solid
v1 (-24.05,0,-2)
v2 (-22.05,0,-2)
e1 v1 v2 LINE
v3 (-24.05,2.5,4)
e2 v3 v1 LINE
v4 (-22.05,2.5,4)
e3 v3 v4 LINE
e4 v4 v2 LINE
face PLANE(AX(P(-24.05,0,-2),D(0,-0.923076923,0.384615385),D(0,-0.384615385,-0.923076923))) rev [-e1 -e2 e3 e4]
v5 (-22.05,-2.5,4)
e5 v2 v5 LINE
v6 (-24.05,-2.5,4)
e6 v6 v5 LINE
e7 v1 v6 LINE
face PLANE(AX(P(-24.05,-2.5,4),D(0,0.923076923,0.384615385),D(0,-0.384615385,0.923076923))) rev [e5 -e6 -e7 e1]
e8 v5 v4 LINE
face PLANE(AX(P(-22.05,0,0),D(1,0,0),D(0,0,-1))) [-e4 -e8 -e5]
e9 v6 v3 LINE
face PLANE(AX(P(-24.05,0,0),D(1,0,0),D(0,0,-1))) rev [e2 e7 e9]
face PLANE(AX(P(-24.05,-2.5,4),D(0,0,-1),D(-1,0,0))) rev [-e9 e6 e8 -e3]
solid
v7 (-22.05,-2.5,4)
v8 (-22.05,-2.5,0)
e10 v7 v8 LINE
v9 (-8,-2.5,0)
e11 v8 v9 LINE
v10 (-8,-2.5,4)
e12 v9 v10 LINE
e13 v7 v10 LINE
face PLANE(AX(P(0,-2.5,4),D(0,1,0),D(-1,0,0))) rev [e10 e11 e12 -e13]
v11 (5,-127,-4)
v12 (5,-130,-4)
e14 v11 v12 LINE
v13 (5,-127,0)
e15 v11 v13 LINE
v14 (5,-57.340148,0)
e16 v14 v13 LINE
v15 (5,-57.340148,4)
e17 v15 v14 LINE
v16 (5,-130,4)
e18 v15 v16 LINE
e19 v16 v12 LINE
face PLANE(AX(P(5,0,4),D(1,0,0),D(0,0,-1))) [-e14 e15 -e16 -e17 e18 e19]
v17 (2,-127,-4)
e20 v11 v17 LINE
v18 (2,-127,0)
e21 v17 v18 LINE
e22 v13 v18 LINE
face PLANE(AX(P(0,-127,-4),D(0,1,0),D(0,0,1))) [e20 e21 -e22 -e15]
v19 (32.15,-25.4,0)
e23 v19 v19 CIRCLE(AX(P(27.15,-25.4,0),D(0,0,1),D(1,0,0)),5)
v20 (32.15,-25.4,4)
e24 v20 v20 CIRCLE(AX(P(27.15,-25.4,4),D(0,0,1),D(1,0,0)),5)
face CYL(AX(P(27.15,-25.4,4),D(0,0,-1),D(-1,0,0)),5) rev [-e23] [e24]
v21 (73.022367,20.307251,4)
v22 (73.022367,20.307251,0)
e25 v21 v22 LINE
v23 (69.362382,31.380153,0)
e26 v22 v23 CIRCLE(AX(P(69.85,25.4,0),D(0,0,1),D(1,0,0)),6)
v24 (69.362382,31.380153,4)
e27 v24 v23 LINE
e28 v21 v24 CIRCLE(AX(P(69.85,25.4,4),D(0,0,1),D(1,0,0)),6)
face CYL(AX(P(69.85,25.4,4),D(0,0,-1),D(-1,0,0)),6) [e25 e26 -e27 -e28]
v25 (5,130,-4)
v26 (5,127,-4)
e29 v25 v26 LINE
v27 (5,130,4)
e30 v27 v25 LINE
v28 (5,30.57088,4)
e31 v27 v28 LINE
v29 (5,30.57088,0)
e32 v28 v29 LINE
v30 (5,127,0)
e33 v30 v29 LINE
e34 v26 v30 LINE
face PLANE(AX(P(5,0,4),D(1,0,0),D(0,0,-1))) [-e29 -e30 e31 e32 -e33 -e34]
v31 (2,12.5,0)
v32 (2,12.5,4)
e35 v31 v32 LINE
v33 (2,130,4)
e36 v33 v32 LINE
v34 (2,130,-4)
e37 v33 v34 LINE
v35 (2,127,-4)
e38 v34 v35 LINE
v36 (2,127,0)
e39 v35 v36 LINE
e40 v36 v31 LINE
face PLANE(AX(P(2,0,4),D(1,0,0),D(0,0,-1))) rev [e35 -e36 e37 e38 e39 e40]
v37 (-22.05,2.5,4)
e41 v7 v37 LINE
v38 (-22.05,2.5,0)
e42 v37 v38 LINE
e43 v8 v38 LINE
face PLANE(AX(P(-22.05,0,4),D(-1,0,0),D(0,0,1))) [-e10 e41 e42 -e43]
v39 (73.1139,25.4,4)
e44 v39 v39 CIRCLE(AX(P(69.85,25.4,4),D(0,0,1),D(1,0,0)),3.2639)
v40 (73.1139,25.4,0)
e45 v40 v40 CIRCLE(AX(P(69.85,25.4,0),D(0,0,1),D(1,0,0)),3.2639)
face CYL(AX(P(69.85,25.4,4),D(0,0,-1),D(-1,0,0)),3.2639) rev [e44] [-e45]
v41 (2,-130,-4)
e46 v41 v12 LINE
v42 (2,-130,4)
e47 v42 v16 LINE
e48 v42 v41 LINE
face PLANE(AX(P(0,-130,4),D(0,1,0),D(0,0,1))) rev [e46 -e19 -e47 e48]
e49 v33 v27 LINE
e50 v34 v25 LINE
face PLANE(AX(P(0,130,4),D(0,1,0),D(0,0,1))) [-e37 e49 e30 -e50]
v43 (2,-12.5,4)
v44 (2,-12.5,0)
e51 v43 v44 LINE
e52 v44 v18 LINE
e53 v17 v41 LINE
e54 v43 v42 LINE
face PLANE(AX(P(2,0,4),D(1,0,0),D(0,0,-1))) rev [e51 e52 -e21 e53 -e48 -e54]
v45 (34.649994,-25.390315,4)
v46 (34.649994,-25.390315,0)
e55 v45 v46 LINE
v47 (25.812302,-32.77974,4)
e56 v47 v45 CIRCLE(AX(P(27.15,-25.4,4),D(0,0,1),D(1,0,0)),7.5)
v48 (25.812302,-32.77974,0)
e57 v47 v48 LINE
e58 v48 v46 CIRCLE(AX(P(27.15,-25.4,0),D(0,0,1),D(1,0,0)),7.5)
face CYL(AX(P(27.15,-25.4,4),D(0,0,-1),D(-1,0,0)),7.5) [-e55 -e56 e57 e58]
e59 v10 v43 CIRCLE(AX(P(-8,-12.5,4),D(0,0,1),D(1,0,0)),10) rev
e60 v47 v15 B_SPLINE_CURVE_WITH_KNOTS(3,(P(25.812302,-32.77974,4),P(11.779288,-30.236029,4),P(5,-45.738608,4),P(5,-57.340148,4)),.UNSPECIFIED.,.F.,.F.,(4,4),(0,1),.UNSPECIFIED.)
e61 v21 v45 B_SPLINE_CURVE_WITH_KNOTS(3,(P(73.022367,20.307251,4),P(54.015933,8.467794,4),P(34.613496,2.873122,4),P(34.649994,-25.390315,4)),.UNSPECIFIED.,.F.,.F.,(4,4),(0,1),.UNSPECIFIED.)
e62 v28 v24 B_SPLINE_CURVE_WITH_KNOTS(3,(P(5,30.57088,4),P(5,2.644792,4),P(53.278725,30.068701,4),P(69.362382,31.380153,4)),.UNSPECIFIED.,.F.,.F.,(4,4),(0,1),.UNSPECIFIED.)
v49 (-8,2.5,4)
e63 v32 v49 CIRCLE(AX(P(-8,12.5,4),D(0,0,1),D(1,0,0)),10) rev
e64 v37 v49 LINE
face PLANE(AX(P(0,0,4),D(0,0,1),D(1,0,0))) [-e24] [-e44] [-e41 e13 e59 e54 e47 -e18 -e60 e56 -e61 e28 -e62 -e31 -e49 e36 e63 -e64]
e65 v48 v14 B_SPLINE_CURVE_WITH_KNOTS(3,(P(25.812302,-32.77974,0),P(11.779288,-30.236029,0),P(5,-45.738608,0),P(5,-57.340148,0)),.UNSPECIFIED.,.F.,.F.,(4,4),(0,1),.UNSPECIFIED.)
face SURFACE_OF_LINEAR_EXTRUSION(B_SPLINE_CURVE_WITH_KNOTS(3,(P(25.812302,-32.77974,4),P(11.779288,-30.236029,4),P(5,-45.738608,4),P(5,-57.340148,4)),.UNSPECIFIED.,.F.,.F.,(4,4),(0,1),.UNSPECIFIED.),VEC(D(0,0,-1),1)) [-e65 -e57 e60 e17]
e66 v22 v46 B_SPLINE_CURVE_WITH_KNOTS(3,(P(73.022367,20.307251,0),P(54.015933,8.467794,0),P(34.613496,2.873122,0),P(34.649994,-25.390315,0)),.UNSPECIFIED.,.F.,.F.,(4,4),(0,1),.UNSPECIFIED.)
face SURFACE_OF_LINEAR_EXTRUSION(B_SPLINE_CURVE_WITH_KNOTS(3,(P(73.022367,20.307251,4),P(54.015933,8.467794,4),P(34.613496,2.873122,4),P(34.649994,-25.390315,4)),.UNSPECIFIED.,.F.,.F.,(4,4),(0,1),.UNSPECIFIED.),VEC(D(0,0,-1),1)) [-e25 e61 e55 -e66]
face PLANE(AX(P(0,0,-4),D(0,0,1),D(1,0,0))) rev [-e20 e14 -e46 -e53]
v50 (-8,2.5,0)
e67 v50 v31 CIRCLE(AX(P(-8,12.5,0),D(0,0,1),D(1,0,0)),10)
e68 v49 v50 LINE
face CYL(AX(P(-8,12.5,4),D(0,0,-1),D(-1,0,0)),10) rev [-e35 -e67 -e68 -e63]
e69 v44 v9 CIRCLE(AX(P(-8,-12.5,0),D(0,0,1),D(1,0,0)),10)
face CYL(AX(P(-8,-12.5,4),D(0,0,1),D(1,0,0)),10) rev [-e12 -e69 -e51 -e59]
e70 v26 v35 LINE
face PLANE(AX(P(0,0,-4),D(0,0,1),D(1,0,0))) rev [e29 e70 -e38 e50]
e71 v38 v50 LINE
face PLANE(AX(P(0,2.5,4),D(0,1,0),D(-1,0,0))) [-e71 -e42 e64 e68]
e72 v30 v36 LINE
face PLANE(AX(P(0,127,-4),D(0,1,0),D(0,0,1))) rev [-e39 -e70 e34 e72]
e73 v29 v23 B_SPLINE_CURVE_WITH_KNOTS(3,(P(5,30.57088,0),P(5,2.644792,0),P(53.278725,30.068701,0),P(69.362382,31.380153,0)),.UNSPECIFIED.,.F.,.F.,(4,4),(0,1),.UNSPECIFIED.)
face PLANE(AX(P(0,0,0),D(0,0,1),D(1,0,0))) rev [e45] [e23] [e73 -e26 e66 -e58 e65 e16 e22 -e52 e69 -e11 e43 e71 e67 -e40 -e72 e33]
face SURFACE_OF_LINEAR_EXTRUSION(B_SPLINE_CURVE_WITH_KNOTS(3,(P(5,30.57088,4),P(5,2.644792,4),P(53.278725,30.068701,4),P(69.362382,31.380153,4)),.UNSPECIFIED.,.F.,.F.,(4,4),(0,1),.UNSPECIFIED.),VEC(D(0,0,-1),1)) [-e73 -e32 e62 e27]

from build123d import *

# Parameters (mm, degrees)
MAIN_FEATURES_SKETCH_R   = 3.2639
MAIN_FEATURES_SKETCH_R_2 = 5
MAIN_BODY_DEPTH          = 4
SKETCH1_3_W              = 3
SKETCH1_3_H              = 3
ALIGNMENT_TABS_DEPTH     = 4
ARROW_DEPTH              = 2
FILLET1_R                = 10


with BuildPart() as part:
    # main_features_sketch → main_body (new body)
    with BuildSketch(Plane.XY):
        with BuildLine():
            Line((5, -130), (5, -57.340148315))
            add(Edge.make_bspline(
                [(25.812302368, -32.779740175), (11.779287511, -30.236028568), (5, -45.738607792), (5, -57.340148315)],
                knots=[0, 0, 0, 0, 1, 1, 1, 1], degree=3))
            ThreePointArc((25.812302368, -32.779740175), (31.960860099, -31.153748787), (34.649993747, -25.390314881))
            add(Edge.make_bspline(
                [(73.022366869, 20.307251386), (54.015932593, 8.467793569), (34.613495749, 2.873121555), (34.649993747, -25.390314881)],
                knots=[0, 0, 0, 0, 1, 1, 1, 1], degree=3))
            ThreePointArc((73.022366869, 20.307251386), (75.546863703, 27.283014592), (69.36238197, 31.380152896))
            add(Edge.make_bspline(
                [(5, 30.570880007), (5, 2.644791948), (53.27872464, 30.068701259), (69.36238197, 31.380152896)],
                knots=[0, 0, 0, 0, 1, 1, 1, 1], degree=3))
            Line((5, 30.570880007), (5, 130))
            Line((5, 130), (2, 130))
            Line((2, 130), (2, 2.5))
            Line((2, 2.5), (-22.05, 2.5))
            Line((-22.05, 2.5), (-22.05, -2.5))
            Line((-22.05, -2.5), (2, -2.5))
            Line((2, -2.5), (2, -130))
            Line((2, -130), (5, -130))
        make_face()
        with Locations((69.85, 25.4)):
            Circle(MAIN_FEATURES_SKETCH_R, mode=Mode.SUBTRACT)
        with Locations((27.15, -25.4)):
            Circle(MAIN_FEATURES_SKETCH_R_2, mode=Mode.SUBTRACT)
    extrude(amount=MAIN_BODY_DEPTH)

    # Sketch1<3> → alignment_tabs (add)
    with BuildSketch(Plane.XY):
        with Locations((3.5, -128.5)):
            Rectangle(SKETCH1_3_W, SKETCH1_3_H)
        with Locations((3.5, 128.5)):
            Rectangle(SKETCH1_3_W, SKETCH1_3_H)
    extrude(amount=-ALIGNMENT_TABS_DEPTH)

    # Fillet1
    fillet1_edges = [part.edges().sort_by_distance(p)[0] for p in [
        (2, -2.5, 2),
        (2, 2.5, 2),
    ]]
    fillet(fillet1_edges, radius=FILLET1_R)


with BuildPart() as body_2:
    # arrow_sketch → arrow (new body)
    with BuildSketch(Plane.ZY.offset(22.05)):
        Polygon((4, -2.5), (-2, 0), (4, 2.5), align=None)
    extrude(amount=ARROW_DEPTH)


solid = Compound([part.part, body_2.part])
